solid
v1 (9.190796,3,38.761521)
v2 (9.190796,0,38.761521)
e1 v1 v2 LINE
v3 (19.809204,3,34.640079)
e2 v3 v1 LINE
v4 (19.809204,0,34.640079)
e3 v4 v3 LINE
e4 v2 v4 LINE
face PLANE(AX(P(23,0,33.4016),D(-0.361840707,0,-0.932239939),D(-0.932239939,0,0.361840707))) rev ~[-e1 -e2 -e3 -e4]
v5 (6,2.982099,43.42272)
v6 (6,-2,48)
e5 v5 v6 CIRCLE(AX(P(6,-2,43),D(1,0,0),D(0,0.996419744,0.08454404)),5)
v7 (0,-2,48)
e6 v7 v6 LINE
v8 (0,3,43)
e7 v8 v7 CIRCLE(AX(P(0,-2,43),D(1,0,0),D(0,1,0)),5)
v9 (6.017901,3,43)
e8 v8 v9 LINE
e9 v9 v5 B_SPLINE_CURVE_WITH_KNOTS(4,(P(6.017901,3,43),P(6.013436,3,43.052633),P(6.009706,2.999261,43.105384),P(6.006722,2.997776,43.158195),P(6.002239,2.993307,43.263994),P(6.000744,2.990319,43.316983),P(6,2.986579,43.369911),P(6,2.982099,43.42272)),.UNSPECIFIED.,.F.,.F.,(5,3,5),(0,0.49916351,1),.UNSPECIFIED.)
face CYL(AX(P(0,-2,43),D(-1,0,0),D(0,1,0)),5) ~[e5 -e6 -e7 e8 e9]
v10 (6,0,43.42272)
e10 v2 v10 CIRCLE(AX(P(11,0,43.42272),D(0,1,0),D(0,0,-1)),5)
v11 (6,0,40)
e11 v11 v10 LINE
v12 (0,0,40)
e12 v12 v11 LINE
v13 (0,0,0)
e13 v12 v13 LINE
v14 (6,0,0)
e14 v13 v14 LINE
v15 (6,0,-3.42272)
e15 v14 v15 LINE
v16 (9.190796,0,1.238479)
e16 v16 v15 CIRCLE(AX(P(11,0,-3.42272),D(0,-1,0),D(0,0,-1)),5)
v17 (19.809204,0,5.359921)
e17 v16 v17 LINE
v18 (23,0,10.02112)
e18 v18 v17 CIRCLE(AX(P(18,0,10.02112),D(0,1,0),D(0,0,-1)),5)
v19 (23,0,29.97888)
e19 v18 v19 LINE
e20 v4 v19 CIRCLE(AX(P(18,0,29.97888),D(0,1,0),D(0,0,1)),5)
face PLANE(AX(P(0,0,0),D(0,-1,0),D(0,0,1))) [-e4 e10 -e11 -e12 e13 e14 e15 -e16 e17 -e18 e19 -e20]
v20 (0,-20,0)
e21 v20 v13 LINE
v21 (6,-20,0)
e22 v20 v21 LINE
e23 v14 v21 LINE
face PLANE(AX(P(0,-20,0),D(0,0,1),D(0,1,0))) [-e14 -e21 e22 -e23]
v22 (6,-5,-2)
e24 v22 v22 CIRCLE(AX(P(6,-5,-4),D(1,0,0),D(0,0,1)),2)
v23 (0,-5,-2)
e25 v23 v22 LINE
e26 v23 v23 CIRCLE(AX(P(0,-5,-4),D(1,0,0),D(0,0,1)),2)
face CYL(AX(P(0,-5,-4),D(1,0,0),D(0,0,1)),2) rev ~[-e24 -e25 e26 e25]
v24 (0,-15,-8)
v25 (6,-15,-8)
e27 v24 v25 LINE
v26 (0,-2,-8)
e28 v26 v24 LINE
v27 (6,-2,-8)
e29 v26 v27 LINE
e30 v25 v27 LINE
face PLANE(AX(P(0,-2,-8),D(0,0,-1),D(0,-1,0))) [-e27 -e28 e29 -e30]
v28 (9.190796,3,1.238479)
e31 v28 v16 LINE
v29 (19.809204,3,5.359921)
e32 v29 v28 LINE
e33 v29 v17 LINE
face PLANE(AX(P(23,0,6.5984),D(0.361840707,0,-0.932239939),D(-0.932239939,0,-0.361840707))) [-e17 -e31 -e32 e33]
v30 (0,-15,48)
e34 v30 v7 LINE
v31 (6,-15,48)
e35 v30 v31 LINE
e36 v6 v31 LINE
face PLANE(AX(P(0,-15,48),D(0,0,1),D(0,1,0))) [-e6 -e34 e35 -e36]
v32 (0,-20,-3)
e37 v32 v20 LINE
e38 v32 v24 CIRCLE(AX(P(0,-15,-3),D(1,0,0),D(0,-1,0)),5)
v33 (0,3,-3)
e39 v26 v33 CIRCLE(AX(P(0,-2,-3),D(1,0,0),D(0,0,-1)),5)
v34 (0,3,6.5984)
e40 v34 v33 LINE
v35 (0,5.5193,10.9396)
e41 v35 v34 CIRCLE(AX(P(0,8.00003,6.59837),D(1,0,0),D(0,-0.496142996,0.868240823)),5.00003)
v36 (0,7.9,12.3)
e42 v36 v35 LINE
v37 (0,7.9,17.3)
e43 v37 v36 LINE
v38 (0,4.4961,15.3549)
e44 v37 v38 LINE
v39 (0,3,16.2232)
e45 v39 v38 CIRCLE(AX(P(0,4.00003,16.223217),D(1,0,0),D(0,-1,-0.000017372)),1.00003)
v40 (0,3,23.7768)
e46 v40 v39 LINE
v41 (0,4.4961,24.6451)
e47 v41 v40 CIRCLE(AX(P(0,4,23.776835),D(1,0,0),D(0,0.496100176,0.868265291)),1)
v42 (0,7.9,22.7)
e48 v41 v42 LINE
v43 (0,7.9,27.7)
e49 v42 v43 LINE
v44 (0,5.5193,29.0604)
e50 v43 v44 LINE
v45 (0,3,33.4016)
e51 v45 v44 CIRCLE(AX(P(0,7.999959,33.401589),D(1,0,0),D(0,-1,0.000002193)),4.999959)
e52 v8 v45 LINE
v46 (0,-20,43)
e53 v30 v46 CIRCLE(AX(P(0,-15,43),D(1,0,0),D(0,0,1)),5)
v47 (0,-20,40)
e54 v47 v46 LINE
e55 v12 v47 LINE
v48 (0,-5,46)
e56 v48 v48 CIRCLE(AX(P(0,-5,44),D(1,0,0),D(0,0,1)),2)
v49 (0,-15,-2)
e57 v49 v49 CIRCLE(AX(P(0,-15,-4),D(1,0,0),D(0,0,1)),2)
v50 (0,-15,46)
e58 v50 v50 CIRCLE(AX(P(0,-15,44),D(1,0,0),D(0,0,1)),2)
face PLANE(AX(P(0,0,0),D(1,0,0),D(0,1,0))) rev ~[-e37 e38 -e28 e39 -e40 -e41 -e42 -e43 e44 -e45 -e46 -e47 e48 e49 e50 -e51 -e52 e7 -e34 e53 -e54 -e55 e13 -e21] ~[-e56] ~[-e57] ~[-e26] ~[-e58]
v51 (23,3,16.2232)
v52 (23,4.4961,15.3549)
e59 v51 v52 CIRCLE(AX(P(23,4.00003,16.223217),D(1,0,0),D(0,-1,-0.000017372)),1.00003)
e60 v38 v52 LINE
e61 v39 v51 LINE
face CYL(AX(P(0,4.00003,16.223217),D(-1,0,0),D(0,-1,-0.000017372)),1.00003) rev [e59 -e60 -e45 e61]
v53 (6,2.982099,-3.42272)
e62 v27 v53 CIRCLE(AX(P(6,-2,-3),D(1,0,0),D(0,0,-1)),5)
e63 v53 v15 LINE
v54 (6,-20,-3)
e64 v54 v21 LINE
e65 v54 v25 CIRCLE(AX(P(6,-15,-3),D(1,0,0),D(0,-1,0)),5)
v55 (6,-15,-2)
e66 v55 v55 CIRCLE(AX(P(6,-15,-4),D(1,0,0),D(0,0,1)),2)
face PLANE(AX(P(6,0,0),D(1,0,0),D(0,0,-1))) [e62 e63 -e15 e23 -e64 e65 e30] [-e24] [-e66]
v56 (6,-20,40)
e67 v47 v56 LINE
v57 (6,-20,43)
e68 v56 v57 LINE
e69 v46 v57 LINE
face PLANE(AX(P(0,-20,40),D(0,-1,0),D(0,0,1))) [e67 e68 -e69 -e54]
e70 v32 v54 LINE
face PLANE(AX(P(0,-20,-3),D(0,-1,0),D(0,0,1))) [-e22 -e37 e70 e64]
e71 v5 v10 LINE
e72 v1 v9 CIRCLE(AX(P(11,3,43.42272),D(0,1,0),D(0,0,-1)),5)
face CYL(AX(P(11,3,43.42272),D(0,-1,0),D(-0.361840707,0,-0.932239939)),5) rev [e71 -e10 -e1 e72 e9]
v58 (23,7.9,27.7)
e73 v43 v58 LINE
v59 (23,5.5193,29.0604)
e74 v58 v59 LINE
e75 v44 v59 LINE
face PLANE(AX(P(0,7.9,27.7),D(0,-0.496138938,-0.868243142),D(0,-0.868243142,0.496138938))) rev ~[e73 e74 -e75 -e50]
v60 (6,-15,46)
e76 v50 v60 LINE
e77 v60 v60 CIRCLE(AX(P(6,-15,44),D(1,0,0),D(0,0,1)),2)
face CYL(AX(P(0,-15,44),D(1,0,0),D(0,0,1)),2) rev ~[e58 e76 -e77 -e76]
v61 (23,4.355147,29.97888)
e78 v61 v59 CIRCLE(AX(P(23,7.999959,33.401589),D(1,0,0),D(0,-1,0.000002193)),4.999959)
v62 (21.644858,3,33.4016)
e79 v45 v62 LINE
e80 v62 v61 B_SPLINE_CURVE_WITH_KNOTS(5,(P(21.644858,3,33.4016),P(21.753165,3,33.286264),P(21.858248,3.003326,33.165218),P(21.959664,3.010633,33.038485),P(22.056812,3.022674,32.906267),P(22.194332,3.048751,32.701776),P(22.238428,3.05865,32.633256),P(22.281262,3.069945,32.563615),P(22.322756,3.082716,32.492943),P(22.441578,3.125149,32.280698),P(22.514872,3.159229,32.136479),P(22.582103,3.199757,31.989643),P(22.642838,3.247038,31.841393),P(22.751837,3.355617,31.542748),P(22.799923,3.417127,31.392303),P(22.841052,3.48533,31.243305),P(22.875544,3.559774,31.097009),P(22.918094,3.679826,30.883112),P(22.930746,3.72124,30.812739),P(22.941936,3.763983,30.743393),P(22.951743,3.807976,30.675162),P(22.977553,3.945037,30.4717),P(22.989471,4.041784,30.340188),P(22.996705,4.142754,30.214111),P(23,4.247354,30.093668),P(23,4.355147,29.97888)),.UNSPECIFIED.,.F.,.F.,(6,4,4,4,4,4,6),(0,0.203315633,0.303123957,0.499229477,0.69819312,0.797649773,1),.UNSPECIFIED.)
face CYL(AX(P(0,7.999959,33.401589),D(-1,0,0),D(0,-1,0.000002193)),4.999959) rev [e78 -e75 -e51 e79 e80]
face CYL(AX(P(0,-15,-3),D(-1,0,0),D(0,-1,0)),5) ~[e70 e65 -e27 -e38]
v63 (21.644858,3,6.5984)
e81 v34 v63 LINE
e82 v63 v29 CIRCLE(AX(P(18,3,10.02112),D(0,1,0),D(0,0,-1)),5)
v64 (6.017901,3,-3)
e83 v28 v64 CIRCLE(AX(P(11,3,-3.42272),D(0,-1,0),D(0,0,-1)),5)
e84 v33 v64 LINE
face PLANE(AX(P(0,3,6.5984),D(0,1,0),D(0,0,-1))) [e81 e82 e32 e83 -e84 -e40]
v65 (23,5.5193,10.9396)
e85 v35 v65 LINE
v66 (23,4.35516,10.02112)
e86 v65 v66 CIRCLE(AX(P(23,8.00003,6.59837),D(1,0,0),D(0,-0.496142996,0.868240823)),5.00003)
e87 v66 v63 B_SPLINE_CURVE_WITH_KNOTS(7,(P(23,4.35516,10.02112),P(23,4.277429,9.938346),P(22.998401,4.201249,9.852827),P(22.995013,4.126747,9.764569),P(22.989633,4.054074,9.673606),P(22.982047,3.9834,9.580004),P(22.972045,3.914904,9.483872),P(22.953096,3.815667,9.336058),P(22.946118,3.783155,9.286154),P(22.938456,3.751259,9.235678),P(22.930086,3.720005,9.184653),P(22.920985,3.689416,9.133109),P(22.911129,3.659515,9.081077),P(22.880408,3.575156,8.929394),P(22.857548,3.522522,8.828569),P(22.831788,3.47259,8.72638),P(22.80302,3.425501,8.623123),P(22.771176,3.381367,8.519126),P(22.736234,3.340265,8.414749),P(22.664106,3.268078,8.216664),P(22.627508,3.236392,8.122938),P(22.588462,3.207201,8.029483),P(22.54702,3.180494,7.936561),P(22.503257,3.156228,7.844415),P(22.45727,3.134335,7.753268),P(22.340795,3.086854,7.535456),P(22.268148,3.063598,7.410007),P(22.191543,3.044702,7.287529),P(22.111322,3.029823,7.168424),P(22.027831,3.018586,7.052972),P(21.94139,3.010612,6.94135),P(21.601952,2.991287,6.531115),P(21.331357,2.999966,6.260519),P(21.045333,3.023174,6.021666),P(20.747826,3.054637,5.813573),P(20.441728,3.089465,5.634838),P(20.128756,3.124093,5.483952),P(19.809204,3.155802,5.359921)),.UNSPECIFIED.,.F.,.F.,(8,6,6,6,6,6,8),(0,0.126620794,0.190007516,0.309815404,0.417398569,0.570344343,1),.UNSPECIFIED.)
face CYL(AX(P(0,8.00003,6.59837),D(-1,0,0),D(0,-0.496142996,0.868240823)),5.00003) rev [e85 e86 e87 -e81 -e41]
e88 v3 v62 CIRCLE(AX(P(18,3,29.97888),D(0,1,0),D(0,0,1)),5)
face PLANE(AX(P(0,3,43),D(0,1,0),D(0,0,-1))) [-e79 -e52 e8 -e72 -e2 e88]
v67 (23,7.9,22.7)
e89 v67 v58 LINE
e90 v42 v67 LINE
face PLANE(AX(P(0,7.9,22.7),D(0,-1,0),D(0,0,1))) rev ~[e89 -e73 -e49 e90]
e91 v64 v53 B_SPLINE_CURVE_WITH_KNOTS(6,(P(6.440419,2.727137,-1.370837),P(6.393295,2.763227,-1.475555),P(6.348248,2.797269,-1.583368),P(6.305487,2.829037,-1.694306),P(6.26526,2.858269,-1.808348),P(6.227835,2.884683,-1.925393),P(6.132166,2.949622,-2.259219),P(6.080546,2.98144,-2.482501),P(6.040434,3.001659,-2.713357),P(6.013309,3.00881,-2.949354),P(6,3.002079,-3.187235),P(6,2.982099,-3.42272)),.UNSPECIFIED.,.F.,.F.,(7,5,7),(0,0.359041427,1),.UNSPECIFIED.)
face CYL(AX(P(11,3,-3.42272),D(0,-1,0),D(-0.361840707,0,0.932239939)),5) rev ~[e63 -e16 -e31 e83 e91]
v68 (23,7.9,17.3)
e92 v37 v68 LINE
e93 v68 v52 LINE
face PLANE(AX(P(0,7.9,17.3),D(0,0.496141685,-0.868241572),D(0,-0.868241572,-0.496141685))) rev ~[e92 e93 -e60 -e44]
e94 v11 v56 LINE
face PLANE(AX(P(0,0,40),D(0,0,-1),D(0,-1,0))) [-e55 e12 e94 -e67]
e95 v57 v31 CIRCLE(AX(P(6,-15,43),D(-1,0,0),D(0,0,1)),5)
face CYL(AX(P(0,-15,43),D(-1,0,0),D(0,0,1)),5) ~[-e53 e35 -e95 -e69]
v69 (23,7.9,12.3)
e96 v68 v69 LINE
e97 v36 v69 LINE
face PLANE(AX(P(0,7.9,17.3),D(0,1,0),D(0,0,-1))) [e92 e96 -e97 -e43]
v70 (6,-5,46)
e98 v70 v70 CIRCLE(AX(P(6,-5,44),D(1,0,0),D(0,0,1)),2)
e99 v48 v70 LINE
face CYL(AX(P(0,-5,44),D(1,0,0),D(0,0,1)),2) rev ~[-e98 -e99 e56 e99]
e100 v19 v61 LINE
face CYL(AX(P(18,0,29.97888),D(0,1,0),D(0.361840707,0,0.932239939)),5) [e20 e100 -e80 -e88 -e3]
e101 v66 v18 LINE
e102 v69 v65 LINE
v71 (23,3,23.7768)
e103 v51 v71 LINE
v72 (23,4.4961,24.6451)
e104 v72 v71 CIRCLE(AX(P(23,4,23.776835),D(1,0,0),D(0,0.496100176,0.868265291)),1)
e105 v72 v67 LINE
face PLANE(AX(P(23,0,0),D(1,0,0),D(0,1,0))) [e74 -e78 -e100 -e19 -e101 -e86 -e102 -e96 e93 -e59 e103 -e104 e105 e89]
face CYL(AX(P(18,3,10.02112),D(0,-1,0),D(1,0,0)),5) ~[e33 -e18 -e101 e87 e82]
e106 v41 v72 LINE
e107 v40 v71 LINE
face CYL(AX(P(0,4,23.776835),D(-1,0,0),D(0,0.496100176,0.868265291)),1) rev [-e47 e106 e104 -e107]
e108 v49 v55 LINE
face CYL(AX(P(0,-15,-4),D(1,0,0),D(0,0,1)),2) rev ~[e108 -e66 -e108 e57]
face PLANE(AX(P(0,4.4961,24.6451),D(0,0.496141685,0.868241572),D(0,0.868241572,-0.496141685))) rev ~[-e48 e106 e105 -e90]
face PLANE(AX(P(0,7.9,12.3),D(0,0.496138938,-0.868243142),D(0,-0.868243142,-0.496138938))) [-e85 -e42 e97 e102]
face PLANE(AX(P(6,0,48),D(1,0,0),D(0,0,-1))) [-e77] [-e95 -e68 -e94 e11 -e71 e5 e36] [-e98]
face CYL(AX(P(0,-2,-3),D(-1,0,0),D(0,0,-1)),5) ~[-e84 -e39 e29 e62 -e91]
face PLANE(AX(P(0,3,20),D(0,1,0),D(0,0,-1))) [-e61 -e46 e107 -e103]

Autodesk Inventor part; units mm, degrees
ref_plane "YZ Plane" through (0, 0, 0) normal (1, 0, 0) x (0, 1, 0)
ref_plane "XZ Plane" through (0, 0, 0) normal (0, 1, 0) x (-1, 0, 0)
ref_plane "XY Plane" through (0, 0, 0) normal (0, 0, 1) x (1, 0, 0)
sketch "Sketch1" plane through (0, 0, 0) normal (1, 0, 0) x (0, 1, 0)
  line L0 (0, 0) -> (0, 40)
  line L1 (0, 40) -> (-20, 40)
  line L2 (-20, 40) -> (-20, 43)
  line L3 (-15, 48) -> (-2, 48)
  line L4 (-2, -8) -> (-15, -8)
  line L5 (-20, -3) -> (-20, 0)
  line L6 (-20, 0) -> (0, 0)
  line L7 (0, 20) -> (3, 20)
  line L8 (3, 20) -> (3, 25.5)
  line L9 (3, 23.7768) -> (3, 20)
  line L10 (3, 20) -> (3, 16.2232)
  line L11 (3, 20) -> (7.9, 20)
  line L12 (7.9, 20) -> (7.9, 22.7)
  line L13 (7.9, 22.7) -> (7.9, 20)
  line L14 (7.9, 20) -> (7.9, 17.3)
  line L15 (7.9, 20) -> (10.6, 20) construction
  line L16 (4.4961, 24.6451) -> (7.9, 22.7)
  line L17 (7.9, 17.3) -> (4.4961, 15.3549)
  line L18 (7.9, 17.3) -> (7.9, 12.3)
  line L19 (7.9, 12.3) -> (5.5193, 10.9396)
  line L20 (7.9, 22.7) -> (7.9, 27.7)
  line L21 (7.9, 27.7) -> (5.5193, 29.0604)
  line L22 (3, 43) -> (3, 33.4016)
  line L23 (3, 30.5) -> (3, 25.5)
  line L24 (3, 14.5) -> (3, 9.5)
  line L25 (3, 6.5984) -> (3, -3)
  arc A0 (3, 33.4016) -> (5.5193, 29.0604) centre (8, 33.4016) ccw
  arc A1 (5.5193, 10.9396) -> (3, 6.5984) centre (8, 6.5984) ccw
  arc A2 (-2, -8) -> (3, -3) centre (-2, -3) ccw
  arc A3 (3, 43) -> (-2, 48) centre (-2, 43) ccw
  arc A4 (-15, 48) -> (-20, 43) centre (-15, 43) ccw
  arc A5 (-20, -3) -> (-15, -8) centre (-15, -3) ccw
  arc A6 (3, 16.2232) -> (4.4961, 15.3549) centre (4, 16.2232) ccw
  arc A7 (4.4961, 24.6451) -> (3, 23.7768) centre (4, 23.7768) ccw
  point P0 (-20, 48)
  point P1 (3, 48)
  point P2 (3, -8)
  point P3 (-20, -8)
  point P4 (-20, -1.5)
  dimension "d0" = 40
  dimension "d1" = 20
  dimension "d2" = 8
  dimension "d3" = 23
  dimension "d5" = 56
  dimension "d6" = 23
  dimension "d7" = 5.5
  dimension "d8" = 5.5
  dimension "d9" = 4.9
  dimension "d10" = 2.7
  dimension "d11" = 2.7
  dimension "d13" = 5
  dimension "d14" = 5
  dimension "d15" = 17.5
  dimension "d16" = 17.5
  dimension "d17" = 5
  dimension "d18" = 5
  dimension "d19" = 5
  dimension "d20" = 5
  dimension "d45" = 1
extrude "Extrusion1" add sketch "Sketch1" along normal blind 23 contours L0 L7 L10 A6 L17 L18 L19 A1 L25 A2 L4 A5 L5 L6 | L0 L1 L2 A4 L3 A3 L22 A0 L21 L20 L16 A7 L8 L7
sketch "Sketch2" plane through (0, 0, 0) normal (0, -1, 0) x (1, 0, 0)
  line L0 (0, 48) -> (23, 48) projected
  line L1 (0, 48) -> (6, 48)
  line L2 (6, 48) -> (6, -8)
  line L3 (0, -8) -> (23, -8) projected
  line L4 (0, 6.5984) -> (23, 6.5984) projected
  line L5 (23, 34.6451) -> (23, 6.5984)
  line L6 (23, 6.5984) -> (6, 0)
  line L7 (0, 0) -> (23, 0) projected
  line L8 (23, 33.4016) -> (23, 43) projected
  line L9 (23, 33.4016) -> (6, 40)
  line L10 (0, 40) -> (23, 40) projected
  line L11 (6, 48) -> (23, 48)
  line L12 (23, 33.4016) -> (23, 29.0604) projected
  line L13 (23, 33.4016) -> (23, 48)
  line L14 (23, 6.5984) -> (23, -8)
  line L15 (23, 40) -> (23, 0) projected
  line L16 (6, -8) -> (23, -8)
  dimension "d23" = 6
extrude "Extrusion2" cut sketch "Sketch2" along normal blind 23 and the other way blind 11.5 contours L0 L13 L8 L10 L2 | L10 L8 L5 L9 | L7 L14 L3 L2 | L6 L14 L7
fillet "Fillet1" radius 5 4 edges at (23, 1.5, 6.5984) (23, 1.5, 33.4016) (6, 1.5, 40) (6, 1.5, 0)
sketch "Sketch3" plane through (0, 0, 0) normal (-1, 0, 0) x (0, 0, 1)
  line L0 (40, 0) -> (0, 0) projected
  line L1 (40, 0) -> (40, -5)
  line L2 (40, -20) -> (40, 0) projected
  line L3 (40, -5) -> (44, -5)
  line L4 (44, -5) -> (44, -15)
  line L5 (0, 0) -> (0, -5)
  line L6 (0, 0) -> (0, -20) projected
  line L7 (0, -5) -> (-4, -5)
  line L8 (-4, -5) -> (-4, -15)
  dimension "d29" = 5
  dimension "d30" = 4
  dimension "d31" = 10
  dimension "d32" = 5
  dimension "d33" = 4
  dimension "d34" = 10
hole "Hole1" at (0, -15, 44) at (0, -5, 44) at (0, -15, -4) at (0, -5, -4) direction (1, 0, 0) diameter 4 depth 15
sketch "Sketch4" plane through (6, -15, -8) normal (1, 0, 0) x (0, 0, -1)
  line L0 (-0.0094, 15) -> (-56.0094, 15)
  line L1 (-56.0094, 15) -> (-56.0094, -8.2095)
  line L2 (-56.0094, -8.2095) -> (-0.0094, -8.2095)
  line L3 (-0.0094, -8.2095) -> (-0.0094, 15)
  point P0 (-8, 15)
  dimension "d42" = 56
extrude "Extrusion3" cut sketch "Sketch4" along normal blind 23
properties part number "bigServoHolder2"
